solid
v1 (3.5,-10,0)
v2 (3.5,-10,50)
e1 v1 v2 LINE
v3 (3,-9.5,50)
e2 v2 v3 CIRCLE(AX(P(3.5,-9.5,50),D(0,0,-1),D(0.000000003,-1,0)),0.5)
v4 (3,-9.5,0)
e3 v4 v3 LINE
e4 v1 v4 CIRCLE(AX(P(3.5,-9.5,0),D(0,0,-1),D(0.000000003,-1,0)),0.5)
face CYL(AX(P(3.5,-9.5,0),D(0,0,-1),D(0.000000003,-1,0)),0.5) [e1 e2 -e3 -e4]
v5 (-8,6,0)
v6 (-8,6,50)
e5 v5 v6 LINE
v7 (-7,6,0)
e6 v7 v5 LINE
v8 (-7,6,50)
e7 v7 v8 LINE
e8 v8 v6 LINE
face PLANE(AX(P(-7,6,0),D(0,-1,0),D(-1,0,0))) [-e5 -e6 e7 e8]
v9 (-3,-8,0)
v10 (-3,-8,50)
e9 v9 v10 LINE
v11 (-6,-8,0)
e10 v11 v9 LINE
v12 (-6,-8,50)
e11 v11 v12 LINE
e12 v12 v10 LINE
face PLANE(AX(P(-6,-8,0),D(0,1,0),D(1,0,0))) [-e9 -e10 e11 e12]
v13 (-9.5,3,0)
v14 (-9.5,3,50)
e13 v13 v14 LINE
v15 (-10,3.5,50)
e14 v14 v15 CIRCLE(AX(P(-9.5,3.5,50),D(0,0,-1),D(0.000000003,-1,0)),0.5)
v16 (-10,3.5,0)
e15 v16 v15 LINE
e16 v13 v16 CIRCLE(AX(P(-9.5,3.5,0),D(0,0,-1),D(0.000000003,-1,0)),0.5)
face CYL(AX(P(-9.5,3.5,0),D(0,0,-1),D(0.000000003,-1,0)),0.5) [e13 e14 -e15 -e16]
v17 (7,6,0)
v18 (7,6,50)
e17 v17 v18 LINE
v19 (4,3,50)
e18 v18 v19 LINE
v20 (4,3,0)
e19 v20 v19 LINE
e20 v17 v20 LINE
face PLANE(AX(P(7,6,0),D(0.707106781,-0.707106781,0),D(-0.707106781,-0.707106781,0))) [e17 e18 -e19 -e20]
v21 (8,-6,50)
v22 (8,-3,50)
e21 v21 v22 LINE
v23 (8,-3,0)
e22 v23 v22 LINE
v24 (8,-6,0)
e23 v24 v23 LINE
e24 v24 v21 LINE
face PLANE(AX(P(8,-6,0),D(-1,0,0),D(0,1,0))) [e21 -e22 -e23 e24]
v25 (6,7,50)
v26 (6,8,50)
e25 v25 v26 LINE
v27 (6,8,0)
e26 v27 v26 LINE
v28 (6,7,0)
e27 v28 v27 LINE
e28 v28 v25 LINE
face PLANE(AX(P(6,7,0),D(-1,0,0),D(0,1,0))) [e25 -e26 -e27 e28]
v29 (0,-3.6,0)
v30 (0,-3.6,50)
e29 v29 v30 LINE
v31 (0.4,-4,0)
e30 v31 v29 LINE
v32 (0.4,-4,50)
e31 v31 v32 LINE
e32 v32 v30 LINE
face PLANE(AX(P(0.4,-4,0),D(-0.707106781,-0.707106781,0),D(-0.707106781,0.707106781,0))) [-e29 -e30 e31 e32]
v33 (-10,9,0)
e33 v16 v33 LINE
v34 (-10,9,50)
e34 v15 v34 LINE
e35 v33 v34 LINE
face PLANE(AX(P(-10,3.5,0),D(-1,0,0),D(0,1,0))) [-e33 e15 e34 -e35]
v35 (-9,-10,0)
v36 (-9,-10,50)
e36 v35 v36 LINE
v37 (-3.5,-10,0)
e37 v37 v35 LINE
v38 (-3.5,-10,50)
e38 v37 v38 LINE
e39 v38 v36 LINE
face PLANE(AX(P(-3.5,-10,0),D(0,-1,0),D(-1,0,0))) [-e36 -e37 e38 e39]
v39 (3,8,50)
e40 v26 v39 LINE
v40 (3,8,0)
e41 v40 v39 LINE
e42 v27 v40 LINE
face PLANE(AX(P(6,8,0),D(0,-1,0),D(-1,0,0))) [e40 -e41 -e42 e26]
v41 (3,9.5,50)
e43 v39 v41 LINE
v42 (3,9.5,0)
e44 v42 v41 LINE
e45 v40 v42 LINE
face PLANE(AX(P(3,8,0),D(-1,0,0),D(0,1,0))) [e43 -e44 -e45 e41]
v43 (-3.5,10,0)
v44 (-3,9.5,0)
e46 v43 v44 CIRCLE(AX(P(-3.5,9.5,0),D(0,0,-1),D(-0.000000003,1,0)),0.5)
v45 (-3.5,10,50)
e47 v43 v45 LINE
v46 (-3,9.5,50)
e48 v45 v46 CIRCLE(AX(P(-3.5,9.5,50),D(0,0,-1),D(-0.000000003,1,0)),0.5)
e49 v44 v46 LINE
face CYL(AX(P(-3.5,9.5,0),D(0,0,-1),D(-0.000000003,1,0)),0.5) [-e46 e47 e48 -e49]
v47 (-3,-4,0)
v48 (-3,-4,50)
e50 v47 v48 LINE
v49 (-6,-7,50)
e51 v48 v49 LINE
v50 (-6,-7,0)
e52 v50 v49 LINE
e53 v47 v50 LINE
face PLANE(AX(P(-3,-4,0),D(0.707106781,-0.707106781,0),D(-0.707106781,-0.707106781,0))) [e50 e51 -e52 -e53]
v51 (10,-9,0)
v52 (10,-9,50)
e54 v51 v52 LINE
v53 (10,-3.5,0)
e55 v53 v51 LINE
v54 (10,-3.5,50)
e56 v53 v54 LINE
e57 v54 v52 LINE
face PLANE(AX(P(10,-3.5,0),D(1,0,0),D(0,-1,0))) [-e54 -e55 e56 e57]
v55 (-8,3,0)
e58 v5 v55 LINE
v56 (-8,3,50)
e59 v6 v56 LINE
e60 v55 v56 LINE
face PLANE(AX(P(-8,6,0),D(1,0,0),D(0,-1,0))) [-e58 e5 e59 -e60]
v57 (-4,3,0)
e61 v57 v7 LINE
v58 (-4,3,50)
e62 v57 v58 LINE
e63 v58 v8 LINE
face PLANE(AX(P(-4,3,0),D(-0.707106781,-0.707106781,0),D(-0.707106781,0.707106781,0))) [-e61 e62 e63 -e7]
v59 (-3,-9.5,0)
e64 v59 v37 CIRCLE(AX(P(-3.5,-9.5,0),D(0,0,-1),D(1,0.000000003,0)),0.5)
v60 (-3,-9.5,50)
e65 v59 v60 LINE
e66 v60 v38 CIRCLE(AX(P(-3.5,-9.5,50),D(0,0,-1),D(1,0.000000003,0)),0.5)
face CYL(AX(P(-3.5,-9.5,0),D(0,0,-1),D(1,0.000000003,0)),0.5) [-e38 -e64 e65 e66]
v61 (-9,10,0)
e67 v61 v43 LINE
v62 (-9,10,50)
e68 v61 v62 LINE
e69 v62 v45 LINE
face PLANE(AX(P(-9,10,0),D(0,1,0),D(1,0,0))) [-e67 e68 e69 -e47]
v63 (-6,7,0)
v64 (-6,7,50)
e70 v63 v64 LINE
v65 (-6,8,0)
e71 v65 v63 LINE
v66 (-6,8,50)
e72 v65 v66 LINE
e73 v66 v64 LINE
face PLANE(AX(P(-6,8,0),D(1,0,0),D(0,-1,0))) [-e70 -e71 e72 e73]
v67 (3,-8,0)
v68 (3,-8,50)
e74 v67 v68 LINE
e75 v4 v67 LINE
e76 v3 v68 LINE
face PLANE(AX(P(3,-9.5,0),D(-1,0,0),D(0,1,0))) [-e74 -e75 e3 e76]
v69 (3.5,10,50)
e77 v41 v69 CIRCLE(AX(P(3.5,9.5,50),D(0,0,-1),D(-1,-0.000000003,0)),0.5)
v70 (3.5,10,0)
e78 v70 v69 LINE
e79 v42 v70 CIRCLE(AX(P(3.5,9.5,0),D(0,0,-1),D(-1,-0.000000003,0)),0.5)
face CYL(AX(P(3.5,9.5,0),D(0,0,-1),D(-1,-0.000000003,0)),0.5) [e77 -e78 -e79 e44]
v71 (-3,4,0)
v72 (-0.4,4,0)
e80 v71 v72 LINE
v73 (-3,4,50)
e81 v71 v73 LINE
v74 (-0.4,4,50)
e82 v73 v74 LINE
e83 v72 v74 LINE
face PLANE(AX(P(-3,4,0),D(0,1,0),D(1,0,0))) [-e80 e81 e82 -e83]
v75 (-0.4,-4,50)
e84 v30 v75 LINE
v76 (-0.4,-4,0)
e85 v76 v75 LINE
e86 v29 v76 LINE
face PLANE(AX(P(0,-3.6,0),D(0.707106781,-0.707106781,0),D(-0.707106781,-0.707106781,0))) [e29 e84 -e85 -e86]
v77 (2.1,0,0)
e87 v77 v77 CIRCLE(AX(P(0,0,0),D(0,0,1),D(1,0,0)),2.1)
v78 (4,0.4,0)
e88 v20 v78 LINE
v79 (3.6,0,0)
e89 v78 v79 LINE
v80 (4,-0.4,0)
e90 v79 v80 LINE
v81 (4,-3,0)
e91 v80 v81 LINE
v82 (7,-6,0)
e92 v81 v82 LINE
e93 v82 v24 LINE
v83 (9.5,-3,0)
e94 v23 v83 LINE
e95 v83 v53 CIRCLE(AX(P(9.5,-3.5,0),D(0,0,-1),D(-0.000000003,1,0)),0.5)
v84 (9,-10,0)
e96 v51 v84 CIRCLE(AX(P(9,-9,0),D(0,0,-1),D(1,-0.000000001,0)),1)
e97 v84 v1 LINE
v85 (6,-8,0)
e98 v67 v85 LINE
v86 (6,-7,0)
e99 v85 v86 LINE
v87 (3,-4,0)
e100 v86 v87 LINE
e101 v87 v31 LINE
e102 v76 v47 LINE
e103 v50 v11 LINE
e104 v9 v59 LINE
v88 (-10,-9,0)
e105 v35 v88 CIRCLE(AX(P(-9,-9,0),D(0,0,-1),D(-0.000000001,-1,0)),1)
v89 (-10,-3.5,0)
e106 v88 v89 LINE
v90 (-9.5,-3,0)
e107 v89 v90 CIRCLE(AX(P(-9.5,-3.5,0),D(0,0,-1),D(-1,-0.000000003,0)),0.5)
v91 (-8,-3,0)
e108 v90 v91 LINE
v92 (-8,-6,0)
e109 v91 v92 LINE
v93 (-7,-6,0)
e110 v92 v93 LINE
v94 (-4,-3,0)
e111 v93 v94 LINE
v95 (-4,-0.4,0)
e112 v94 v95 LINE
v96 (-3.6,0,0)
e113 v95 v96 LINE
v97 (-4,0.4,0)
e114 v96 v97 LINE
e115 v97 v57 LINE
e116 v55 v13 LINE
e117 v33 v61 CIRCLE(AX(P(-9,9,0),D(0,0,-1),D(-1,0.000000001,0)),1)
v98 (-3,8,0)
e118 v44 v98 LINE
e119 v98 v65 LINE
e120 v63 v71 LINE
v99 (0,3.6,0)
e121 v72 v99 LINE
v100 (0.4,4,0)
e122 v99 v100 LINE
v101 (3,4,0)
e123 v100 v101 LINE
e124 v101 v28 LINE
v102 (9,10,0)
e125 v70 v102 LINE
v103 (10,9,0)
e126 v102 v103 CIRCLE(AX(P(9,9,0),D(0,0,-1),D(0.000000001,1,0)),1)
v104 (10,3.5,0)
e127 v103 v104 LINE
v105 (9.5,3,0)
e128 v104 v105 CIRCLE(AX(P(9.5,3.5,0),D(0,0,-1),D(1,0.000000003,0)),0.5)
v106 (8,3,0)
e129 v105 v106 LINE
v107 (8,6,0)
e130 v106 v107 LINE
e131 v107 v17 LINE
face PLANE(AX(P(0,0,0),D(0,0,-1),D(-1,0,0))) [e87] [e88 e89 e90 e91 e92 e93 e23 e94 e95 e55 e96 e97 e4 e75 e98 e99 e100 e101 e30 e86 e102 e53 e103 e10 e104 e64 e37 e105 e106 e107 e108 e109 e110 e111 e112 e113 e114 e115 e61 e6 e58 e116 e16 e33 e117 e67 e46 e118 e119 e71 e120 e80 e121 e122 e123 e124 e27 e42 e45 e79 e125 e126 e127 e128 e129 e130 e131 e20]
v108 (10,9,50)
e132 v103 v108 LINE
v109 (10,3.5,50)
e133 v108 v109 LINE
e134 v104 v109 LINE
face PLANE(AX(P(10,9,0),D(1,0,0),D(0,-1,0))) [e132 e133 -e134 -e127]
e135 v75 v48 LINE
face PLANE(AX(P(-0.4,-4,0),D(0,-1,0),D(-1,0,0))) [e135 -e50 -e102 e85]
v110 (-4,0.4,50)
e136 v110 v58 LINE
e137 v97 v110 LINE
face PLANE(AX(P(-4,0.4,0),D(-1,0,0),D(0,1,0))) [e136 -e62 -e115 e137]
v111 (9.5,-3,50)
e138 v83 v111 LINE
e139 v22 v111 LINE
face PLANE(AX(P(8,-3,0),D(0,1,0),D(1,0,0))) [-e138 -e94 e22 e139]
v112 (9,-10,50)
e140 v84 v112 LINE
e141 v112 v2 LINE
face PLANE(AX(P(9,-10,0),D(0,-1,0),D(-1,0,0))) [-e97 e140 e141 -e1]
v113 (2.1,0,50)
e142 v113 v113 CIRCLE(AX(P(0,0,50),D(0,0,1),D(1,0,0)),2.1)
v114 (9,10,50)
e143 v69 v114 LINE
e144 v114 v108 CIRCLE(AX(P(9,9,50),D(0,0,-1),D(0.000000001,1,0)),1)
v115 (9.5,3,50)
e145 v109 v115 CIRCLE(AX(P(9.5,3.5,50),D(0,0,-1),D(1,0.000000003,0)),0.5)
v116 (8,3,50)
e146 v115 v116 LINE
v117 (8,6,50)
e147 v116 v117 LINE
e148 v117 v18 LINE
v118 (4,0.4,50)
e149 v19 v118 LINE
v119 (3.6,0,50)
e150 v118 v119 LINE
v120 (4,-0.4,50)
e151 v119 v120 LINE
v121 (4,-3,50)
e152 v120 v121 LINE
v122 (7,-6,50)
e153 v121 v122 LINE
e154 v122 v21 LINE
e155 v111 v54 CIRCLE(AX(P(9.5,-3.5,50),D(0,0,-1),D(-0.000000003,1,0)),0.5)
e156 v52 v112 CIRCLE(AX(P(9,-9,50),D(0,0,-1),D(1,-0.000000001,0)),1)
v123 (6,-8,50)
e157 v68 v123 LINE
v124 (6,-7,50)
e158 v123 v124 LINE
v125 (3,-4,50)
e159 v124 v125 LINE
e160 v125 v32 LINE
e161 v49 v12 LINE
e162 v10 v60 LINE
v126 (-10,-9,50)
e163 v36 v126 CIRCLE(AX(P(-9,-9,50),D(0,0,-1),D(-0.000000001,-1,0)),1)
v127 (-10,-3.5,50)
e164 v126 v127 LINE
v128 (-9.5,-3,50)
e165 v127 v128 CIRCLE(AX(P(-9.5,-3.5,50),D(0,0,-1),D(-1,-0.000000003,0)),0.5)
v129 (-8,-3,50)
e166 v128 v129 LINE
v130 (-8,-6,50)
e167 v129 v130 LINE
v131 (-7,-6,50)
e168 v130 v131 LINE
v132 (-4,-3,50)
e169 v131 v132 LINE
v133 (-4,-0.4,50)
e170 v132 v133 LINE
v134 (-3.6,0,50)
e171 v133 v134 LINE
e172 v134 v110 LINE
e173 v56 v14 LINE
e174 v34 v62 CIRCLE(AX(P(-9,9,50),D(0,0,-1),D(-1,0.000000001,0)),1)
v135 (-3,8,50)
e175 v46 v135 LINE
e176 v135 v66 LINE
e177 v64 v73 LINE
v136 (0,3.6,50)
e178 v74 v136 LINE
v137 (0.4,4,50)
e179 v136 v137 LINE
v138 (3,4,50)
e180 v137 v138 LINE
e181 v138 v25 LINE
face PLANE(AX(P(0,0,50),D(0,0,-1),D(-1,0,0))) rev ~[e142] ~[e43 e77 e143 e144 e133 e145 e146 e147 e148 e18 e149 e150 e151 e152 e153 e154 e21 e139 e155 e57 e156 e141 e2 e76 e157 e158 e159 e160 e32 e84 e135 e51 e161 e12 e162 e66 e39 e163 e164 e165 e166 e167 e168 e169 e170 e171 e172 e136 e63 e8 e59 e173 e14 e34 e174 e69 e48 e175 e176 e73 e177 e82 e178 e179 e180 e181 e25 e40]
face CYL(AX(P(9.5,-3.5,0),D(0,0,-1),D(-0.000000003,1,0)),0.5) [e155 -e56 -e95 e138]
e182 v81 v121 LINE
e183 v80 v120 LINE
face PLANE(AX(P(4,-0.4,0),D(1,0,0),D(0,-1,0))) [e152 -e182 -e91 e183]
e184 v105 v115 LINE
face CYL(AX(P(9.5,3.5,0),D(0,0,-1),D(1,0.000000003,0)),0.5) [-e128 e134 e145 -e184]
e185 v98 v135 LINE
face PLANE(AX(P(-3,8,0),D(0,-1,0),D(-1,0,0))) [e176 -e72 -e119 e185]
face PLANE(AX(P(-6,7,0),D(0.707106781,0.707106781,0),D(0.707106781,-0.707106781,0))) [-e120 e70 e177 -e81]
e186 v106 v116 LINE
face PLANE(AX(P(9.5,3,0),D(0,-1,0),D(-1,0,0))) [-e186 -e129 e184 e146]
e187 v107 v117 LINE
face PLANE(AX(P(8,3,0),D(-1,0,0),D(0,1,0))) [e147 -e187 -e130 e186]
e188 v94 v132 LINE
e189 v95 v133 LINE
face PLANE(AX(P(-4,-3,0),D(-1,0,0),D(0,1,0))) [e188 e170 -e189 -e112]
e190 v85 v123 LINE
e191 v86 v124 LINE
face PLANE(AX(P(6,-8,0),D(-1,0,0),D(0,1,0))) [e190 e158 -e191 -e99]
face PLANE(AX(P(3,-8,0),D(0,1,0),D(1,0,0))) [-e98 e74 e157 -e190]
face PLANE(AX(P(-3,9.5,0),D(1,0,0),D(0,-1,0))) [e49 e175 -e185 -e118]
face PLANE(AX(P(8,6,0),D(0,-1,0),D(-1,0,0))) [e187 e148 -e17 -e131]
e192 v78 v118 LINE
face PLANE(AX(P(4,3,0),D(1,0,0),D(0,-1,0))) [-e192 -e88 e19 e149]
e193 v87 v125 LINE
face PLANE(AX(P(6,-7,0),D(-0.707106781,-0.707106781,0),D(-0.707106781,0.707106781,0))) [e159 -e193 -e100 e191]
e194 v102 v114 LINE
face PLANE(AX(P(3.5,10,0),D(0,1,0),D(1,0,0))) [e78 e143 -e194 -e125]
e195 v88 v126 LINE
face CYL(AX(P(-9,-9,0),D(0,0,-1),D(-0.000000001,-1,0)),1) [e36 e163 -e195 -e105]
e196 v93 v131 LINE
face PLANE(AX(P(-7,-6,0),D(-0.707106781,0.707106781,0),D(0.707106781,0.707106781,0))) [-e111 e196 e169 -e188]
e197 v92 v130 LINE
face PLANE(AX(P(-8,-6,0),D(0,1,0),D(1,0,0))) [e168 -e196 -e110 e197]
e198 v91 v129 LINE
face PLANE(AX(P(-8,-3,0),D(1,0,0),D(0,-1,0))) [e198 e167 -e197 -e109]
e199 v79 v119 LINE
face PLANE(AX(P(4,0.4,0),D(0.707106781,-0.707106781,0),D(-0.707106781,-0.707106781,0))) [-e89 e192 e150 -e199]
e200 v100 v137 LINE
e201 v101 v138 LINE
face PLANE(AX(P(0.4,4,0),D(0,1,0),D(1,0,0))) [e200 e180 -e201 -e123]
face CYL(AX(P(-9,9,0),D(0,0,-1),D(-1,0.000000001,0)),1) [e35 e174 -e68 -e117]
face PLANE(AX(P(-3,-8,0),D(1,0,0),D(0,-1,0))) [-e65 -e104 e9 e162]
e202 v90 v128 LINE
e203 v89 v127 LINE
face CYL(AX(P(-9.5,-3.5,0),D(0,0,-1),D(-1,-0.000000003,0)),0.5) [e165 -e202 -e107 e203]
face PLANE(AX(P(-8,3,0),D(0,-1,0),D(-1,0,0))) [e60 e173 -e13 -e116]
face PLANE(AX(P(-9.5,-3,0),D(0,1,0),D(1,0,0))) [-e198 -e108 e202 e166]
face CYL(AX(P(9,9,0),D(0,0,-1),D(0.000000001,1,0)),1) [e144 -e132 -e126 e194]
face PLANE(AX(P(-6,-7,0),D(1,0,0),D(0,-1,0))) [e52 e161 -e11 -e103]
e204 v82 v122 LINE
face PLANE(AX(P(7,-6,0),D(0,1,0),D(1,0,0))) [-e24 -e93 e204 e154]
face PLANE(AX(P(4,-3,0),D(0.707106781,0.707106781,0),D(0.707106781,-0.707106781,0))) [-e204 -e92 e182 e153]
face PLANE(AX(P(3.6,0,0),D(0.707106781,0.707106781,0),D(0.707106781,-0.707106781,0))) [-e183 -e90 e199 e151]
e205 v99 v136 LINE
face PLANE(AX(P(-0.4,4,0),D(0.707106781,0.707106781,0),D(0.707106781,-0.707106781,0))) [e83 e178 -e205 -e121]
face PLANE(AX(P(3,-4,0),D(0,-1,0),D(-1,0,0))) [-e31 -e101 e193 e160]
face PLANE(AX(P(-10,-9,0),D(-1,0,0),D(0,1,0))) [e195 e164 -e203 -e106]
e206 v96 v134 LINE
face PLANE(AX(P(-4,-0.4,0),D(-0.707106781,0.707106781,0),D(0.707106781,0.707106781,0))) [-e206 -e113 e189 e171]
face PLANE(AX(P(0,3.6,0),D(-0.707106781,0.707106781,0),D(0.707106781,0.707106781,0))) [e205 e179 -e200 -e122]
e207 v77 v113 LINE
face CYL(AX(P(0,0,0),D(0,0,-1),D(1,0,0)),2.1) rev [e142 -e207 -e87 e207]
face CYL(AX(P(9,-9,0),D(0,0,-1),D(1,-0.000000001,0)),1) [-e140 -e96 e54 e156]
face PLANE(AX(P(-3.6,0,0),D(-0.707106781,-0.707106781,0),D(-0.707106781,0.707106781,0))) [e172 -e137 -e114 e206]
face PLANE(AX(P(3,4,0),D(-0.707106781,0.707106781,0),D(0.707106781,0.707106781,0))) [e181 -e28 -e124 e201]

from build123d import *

# Parameters (mm, degrees)
SCHIZZO1_R                   = 2.1
ESTRUSIONE_ESTRUSIONE1_DEPTH = 50


with BuildPart() as part:
    # Schizzo1 → Estrusione-Estrusione1 (new body)
    with BuildSketch(Plane.XY):
        with BuildLine():
            Line((-3.6, 0), (-4, 0.4))
            Line((-4, 0.4), (-4, 3))
            Line((-4, 3), (-7, 6))
            Line((-7, 6), (-8, 6))
            Line((-8, 6), (-8, 3))
            Line((-8, 3), (-9.5, 3))
            ThreePointArc((-9.5, 3), (-9.853553391, 3.146446609), (-10, 3.5))
            Line((-10, 3.5), (-10, 9))
            ThreePointArc((-10, 9), (-9.707106781, 9.707106781), (-9, 10))
            Line((-9, 10), (-3.5, 10))
            ThreePointArc((-3.5, 10), (-3.146446609, 9.853553391), (-3, 9.5))
            Line((-3, 9.5), (-3, 8))
            Line((-3, 8), (-6, 8))
            Line((-6, 8), (-6, 7))
            Line((-6, 7), (-3, 4))
            Line((-3, 4), (-0.4, 4))
            Line((-0.4, 4), (0, 3.6))
            Line((0, 3.6), (0.4, 4))
            Line((0.4, 4), (3, 4))
            Line((3, 4), (6, 7))
            Line((6, 7), (6, 8))
            Line((6, 8), (3, 8))
            Line((3, 8), (3, 9.5))
            ThreePointArc((3, 9.5), (3.146446609, 9.853553391), (3.5, 10))
            Line((3.5, 10), (9, 10))
            ThreePointArc((9, 10), (9.707106781, 9.707106781), (10, 9))
            Line((10, 9), (10, 3.5))
            ThreePointArc((10, 3.5), (9.853553391, 3.146446609), (9.5, 3))
            Line((9.5, 3), (8, 3))
            Line((8, 3), (8, 6))
            Line((8, 6), (7, 6))
            Line((7, 6), (4, 3))
            Line((4, 3), (4, 0.4))
            Line((4, 0.4), (3.6, 0))
            Line((3.6, 0), (4, -0.4))
            Line((4, -0.4), (4, -3))
            Line((4, -3), (7, -6))
            Line((7, -6), (8, -6))
            Line((8, -6), (8, -3))
            Line((8, -3), (9.5, -3))
            ThreePointArc((9.5, -3), (9.853553391, -3.146446609), (10, -3.5))
            Line((10, -3.5), (10, -9))
            ThreePointArc((10, -9), (9.707106781, -9.707106781), (9, -10))
            Line((9, -10), (3.5, -10))
            ThreePointArc((3.5, -10), (3.146446609, -9.853553391), (3, -9.5))
            Line((3, -9.5), (3, -8))
            Line((3, -8), (6, -8))
            Line((6, -8), (6, -7))
            Line((6, -7), (3, -4))
            Line((3, -4), (0.4, -4))
            Line((0.4, -4), (0, -3.6))
            Line((0, -3.6), (-0.4, -4))
            Line((-0.4, -4), (-3, -4))
            Line((-3, -4), (-6, -7))
            Line((-6, -7), (-6, -8))
            Line((-6, -8), (-3, -8))
            Line((-3, -8), (-3, -9.5))
            ThreePointArc((-3, -9.5), (-3.146446609, -9.853553391), (-3.5, -10))
            Line((-3.5, -10), (-9, -10))
            ThreePointArc((-9, -10), (-9.707106781, -9.707106781), (-10, -9))
            Line((-10, -9), (-10, -3.5))
            ThreePointArc((-10, -3.5), (-9.853553391, -3.146446609), (-9.5, -3))
            Line((-9.5, -3), (-8, -3))
            Line((-8, -3), (-8, -6))
            Line((-8, -6), (-7, -6))
            Line((-7, -6), (-4, -3))
            Line((-4, -3), (-4, -0.4))
            Line((-4, -0.4), (-3.6, 0))
        make_face()
        Circle(SCHIZZO1_R, mode=Mode.SUBTRACT)
    extrude(amount=ESTRUSIONE_ESTRUSIONE1_DEPTH)


solid = part.part
